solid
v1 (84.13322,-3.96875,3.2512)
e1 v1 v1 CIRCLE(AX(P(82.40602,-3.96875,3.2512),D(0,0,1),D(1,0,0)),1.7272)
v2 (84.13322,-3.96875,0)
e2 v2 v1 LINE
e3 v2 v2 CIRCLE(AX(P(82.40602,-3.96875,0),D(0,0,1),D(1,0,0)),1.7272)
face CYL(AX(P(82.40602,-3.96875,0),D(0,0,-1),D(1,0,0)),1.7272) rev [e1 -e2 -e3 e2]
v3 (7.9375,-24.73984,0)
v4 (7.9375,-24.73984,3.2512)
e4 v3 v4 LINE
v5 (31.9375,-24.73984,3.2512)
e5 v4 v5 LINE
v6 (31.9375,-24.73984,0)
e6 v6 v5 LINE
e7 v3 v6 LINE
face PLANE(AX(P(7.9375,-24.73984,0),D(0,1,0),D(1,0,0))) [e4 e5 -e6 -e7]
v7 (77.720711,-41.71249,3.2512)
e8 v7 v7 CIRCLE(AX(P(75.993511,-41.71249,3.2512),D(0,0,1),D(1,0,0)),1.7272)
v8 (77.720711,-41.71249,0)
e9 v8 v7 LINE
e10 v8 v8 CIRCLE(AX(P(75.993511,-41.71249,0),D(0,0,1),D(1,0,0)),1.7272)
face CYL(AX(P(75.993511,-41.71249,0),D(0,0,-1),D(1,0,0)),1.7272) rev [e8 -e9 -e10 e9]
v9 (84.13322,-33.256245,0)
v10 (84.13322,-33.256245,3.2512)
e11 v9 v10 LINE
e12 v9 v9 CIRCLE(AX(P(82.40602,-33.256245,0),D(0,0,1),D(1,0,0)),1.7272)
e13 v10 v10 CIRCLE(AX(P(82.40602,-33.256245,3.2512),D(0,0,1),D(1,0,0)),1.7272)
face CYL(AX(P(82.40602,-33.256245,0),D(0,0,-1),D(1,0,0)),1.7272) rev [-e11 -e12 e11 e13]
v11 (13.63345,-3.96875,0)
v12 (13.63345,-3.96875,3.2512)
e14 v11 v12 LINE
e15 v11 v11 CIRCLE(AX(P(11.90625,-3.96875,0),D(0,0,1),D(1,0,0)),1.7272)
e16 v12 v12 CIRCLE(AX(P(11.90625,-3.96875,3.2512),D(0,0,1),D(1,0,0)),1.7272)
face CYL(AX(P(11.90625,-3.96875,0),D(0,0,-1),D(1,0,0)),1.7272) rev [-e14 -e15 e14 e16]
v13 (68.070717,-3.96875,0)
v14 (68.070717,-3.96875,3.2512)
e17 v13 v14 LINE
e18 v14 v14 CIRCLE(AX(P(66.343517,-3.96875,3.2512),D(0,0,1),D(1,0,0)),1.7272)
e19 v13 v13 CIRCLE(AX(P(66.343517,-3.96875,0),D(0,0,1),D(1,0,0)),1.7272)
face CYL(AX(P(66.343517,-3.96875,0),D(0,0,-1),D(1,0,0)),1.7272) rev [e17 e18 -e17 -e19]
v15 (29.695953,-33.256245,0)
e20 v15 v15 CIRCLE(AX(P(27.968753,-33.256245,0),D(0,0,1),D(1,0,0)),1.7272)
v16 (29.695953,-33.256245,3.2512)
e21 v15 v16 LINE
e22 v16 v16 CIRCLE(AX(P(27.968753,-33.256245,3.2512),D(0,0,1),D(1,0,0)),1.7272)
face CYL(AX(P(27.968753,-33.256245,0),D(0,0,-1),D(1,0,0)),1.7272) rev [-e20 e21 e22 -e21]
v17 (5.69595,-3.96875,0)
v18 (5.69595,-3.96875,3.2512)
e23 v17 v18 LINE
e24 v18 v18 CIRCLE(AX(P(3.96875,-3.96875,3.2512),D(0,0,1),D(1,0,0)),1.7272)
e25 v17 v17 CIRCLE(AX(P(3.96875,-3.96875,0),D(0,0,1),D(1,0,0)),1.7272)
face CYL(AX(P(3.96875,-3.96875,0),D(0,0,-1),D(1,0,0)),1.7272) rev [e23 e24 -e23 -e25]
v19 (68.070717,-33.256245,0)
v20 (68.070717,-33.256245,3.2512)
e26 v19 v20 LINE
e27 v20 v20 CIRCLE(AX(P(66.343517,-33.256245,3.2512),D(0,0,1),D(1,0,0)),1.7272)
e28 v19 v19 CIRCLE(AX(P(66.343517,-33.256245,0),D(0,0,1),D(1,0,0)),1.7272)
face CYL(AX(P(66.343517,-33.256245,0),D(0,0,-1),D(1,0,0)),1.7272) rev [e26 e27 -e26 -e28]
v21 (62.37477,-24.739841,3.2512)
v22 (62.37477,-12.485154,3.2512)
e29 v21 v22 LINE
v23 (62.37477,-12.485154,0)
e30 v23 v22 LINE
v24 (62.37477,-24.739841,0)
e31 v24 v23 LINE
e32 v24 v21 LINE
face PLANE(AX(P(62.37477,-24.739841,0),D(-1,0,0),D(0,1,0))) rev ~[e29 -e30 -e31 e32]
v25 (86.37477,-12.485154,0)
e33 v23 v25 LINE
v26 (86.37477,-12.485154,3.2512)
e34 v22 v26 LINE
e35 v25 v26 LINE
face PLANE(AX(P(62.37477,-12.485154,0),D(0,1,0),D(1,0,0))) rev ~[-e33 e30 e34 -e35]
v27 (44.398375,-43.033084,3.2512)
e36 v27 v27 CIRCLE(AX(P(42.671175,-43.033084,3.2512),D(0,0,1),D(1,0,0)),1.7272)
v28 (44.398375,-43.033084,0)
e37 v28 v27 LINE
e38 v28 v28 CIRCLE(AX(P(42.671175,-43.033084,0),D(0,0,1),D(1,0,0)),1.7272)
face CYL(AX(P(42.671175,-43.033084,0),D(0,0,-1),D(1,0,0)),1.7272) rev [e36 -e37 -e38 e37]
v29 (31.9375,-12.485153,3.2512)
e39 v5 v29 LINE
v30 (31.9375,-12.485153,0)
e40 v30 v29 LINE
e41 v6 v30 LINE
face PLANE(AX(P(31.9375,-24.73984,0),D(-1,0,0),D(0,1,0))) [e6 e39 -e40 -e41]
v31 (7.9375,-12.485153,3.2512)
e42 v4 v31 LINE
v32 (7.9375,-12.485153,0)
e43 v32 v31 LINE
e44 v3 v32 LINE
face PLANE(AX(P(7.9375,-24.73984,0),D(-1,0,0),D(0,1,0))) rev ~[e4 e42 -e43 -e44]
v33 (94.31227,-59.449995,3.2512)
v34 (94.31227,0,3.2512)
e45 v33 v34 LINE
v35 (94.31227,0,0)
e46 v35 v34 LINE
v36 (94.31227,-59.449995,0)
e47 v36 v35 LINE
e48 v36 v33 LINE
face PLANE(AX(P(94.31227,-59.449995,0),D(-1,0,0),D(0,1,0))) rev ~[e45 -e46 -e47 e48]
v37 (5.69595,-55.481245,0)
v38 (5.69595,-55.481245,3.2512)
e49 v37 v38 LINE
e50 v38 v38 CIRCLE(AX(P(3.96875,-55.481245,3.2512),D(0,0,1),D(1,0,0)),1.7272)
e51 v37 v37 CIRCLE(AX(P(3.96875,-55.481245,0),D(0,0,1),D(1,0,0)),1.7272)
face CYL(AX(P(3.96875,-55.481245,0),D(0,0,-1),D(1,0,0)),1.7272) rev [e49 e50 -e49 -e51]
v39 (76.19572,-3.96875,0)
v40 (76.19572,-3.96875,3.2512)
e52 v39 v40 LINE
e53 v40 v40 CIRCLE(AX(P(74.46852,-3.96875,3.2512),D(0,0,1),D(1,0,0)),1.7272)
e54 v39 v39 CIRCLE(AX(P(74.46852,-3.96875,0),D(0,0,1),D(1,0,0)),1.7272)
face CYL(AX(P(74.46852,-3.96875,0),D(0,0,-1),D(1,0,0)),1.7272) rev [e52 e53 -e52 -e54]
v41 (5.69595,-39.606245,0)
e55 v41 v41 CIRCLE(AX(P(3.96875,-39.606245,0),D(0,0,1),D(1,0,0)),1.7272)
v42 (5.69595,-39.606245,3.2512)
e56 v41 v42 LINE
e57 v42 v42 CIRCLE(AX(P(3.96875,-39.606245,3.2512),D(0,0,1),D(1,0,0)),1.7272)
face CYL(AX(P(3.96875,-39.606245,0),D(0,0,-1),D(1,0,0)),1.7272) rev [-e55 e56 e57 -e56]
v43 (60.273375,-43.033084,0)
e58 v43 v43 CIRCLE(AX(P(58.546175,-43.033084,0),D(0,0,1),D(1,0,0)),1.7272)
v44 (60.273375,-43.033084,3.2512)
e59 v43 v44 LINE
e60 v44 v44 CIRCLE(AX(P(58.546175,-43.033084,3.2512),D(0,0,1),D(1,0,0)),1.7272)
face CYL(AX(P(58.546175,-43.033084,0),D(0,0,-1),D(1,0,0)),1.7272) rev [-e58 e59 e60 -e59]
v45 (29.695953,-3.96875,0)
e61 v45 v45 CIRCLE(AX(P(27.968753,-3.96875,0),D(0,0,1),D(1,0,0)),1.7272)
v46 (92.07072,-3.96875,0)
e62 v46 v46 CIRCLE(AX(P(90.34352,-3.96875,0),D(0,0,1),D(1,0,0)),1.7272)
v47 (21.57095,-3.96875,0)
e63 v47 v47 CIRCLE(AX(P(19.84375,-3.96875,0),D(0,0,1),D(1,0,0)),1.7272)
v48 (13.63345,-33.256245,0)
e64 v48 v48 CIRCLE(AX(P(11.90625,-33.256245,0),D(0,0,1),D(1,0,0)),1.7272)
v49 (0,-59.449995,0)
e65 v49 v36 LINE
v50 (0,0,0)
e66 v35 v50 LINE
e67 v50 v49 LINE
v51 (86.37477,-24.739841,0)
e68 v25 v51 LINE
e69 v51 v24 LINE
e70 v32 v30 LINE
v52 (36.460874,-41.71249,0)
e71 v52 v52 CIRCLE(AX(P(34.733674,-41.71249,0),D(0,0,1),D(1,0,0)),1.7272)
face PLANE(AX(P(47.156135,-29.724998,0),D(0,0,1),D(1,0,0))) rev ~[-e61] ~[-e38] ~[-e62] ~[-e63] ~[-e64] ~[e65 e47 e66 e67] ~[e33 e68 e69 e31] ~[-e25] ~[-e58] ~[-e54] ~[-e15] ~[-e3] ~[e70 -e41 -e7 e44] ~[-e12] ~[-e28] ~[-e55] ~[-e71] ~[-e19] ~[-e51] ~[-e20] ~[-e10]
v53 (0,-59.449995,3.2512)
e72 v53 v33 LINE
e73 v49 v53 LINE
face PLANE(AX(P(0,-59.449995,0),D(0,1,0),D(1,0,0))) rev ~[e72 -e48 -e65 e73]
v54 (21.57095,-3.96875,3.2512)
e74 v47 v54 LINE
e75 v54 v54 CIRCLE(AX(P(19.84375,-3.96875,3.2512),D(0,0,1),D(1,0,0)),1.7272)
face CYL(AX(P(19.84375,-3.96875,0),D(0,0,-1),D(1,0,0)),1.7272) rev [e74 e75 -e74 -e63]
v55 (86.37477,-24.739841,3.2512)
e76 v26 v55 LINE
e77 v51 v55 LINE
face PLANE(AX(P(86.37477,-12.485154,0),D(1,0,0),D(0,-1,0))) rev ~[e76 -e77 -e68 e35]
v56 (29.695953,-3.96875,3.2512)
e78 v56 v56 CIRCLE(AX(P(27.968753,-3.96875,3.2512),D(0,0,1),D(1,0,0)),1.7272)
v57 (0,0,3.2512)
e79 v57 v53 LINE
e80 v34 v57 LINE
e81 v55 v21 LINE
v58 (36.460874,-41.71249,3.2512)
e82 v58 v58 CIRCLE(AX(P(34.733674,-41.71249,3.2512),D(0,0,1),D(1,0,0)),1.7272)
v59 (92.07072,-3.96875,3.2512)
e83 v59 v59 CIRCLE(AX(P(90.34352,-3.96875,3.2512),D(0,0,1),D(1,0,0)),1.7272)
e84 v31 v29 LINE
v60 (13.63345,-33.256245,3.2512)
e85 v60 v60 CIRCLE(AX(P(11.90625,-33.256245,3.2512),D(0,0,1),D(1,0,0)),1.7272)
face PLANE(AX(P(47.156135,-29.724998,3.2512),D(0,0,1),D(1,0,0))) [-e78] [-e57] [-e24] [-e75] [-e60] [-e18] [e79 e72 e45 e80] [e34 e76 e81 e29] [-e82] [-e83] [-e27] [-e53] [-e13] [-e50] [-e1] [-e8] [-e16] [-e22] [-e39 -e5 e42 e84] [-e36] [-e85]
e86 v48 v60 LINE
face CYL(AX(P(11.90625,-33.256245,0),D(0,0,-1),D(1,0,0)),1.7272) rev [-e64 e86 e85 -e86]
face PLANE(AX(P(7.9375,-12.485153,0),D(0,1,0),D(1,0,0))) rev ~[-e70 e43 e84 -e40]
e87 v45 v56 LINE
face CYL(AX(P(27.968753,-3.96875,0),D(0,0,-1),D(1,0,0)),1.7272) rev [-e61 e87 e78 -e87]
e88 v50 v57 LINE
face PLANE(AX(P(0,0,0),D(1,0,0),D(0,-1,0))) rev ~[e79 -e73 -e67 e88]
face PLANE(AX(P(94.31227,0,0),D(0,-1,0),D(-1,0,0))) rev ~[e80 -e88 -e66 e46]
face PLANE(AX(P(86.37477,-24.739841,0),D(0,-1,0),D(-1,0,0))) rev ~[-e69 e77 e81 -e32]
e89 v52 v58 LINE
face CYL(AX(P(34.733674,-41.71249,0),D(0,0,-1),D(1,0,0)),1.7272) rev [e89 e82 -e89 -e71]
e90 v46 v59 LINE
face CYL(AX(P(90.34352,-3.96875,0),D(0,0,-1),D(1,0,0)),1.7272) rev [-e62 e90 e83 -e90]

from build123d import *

# Parameters (mm, degrees)
F0_R     = 1.7272
F0_W     = 24
F0_H     = 12.254687
F1_DEPTH = 3.2512


with BuildPart() as f1:
    # F0 (on Top) → F1 (new body)
    with BuildSketch(Plane.XY):
        Polygon((94.31227, 0), (0, 0), (0, -59.449995), (94.31227, -59.449995), (94.31227, -18.612498), align=None)
        with Locations((3.96875, -55.481245)):
            Circle(F0_R, mode=Mode.SUBTRACT)
        with Locations((3.96875, -39.606245)):
            Circle(F0_R, mode=Mode.SUBTRACT)
        with Locations((11.90625, -33.256245)):
            Circle(F0_R, mode=Mode.SUBTRACT)
        with Locations((34.733674, -41.71249)):
            Circle(F0_R, mode=Mode.SUBTRACT)
        with Locations((42.671175, -43.033084)):
            Circle(F0_R, mode=Mode.SUBTRACT)
        with Locations((27.968753, -33.256245)):
            Circle(F0_R, mode=Mode.SUBTRACT)
        with Locations((58.546175, -43.033084)):
            Circle(F0_R, mode=Mode.SUBTRACT)
        with Locations((66.343517, -33.256245)):
            Circle(F0_R, mode=Mode.SUBTRACT)
        with Locations((75.993511, -41.71249)):
            Circle(F0_R, mode=Mode.SUBTRACT)
        with Locations((82.40602, -33.256245)):
            Circle(F0_R, mode=Mode.SUBTRACT)
        with Locations((19.9375, -18.612497)):
            Rectangle(F0_W, F0_H, mode=Mode.SUBTRACT)
        with Locations((3.96875, -3.96875)):
            Circle(F0_R, mode=Mode.SUBTRACT)
        with Locations((11.90625, -3.96875)):
            Circle(F0_R, mode=Mode.SUBTRACT)
        with Locations((19.84375, -3.96875)):
            Circle(F0_R, mode=Mode.SUBTRACT)
        with Locations((27.968753, -3.96875)):
            Circle(F0_R, mode=Mode.SUBTRACT)
        Polygon((86.37477, -12.485154), (86.37477, -18.612498), (86.37477, -24.739841), (62.37477, -24.739841), (62.37477, -12.485154), align=None, mode=Mode.SUBTRACT)
        with Locations((66.343517, -3.96875)):
            Circle(F0_R, mode=Mode.SUBTRACT)
        with Locations((74.46852, -3.96875)):
            Circle(F0_R, mode=Mode.SUBTRACT)
        with Locations((82.40602, -3.96875)):
            Circle(F0_R, mode=Mode.SUBTRACT)
        with Locations((90.34352, -3.96875)):
            Circle(F0_R, mode=Mode.SUBTRACT)
    extrude(amount=F1_DEPTH)


solid = f1.part
